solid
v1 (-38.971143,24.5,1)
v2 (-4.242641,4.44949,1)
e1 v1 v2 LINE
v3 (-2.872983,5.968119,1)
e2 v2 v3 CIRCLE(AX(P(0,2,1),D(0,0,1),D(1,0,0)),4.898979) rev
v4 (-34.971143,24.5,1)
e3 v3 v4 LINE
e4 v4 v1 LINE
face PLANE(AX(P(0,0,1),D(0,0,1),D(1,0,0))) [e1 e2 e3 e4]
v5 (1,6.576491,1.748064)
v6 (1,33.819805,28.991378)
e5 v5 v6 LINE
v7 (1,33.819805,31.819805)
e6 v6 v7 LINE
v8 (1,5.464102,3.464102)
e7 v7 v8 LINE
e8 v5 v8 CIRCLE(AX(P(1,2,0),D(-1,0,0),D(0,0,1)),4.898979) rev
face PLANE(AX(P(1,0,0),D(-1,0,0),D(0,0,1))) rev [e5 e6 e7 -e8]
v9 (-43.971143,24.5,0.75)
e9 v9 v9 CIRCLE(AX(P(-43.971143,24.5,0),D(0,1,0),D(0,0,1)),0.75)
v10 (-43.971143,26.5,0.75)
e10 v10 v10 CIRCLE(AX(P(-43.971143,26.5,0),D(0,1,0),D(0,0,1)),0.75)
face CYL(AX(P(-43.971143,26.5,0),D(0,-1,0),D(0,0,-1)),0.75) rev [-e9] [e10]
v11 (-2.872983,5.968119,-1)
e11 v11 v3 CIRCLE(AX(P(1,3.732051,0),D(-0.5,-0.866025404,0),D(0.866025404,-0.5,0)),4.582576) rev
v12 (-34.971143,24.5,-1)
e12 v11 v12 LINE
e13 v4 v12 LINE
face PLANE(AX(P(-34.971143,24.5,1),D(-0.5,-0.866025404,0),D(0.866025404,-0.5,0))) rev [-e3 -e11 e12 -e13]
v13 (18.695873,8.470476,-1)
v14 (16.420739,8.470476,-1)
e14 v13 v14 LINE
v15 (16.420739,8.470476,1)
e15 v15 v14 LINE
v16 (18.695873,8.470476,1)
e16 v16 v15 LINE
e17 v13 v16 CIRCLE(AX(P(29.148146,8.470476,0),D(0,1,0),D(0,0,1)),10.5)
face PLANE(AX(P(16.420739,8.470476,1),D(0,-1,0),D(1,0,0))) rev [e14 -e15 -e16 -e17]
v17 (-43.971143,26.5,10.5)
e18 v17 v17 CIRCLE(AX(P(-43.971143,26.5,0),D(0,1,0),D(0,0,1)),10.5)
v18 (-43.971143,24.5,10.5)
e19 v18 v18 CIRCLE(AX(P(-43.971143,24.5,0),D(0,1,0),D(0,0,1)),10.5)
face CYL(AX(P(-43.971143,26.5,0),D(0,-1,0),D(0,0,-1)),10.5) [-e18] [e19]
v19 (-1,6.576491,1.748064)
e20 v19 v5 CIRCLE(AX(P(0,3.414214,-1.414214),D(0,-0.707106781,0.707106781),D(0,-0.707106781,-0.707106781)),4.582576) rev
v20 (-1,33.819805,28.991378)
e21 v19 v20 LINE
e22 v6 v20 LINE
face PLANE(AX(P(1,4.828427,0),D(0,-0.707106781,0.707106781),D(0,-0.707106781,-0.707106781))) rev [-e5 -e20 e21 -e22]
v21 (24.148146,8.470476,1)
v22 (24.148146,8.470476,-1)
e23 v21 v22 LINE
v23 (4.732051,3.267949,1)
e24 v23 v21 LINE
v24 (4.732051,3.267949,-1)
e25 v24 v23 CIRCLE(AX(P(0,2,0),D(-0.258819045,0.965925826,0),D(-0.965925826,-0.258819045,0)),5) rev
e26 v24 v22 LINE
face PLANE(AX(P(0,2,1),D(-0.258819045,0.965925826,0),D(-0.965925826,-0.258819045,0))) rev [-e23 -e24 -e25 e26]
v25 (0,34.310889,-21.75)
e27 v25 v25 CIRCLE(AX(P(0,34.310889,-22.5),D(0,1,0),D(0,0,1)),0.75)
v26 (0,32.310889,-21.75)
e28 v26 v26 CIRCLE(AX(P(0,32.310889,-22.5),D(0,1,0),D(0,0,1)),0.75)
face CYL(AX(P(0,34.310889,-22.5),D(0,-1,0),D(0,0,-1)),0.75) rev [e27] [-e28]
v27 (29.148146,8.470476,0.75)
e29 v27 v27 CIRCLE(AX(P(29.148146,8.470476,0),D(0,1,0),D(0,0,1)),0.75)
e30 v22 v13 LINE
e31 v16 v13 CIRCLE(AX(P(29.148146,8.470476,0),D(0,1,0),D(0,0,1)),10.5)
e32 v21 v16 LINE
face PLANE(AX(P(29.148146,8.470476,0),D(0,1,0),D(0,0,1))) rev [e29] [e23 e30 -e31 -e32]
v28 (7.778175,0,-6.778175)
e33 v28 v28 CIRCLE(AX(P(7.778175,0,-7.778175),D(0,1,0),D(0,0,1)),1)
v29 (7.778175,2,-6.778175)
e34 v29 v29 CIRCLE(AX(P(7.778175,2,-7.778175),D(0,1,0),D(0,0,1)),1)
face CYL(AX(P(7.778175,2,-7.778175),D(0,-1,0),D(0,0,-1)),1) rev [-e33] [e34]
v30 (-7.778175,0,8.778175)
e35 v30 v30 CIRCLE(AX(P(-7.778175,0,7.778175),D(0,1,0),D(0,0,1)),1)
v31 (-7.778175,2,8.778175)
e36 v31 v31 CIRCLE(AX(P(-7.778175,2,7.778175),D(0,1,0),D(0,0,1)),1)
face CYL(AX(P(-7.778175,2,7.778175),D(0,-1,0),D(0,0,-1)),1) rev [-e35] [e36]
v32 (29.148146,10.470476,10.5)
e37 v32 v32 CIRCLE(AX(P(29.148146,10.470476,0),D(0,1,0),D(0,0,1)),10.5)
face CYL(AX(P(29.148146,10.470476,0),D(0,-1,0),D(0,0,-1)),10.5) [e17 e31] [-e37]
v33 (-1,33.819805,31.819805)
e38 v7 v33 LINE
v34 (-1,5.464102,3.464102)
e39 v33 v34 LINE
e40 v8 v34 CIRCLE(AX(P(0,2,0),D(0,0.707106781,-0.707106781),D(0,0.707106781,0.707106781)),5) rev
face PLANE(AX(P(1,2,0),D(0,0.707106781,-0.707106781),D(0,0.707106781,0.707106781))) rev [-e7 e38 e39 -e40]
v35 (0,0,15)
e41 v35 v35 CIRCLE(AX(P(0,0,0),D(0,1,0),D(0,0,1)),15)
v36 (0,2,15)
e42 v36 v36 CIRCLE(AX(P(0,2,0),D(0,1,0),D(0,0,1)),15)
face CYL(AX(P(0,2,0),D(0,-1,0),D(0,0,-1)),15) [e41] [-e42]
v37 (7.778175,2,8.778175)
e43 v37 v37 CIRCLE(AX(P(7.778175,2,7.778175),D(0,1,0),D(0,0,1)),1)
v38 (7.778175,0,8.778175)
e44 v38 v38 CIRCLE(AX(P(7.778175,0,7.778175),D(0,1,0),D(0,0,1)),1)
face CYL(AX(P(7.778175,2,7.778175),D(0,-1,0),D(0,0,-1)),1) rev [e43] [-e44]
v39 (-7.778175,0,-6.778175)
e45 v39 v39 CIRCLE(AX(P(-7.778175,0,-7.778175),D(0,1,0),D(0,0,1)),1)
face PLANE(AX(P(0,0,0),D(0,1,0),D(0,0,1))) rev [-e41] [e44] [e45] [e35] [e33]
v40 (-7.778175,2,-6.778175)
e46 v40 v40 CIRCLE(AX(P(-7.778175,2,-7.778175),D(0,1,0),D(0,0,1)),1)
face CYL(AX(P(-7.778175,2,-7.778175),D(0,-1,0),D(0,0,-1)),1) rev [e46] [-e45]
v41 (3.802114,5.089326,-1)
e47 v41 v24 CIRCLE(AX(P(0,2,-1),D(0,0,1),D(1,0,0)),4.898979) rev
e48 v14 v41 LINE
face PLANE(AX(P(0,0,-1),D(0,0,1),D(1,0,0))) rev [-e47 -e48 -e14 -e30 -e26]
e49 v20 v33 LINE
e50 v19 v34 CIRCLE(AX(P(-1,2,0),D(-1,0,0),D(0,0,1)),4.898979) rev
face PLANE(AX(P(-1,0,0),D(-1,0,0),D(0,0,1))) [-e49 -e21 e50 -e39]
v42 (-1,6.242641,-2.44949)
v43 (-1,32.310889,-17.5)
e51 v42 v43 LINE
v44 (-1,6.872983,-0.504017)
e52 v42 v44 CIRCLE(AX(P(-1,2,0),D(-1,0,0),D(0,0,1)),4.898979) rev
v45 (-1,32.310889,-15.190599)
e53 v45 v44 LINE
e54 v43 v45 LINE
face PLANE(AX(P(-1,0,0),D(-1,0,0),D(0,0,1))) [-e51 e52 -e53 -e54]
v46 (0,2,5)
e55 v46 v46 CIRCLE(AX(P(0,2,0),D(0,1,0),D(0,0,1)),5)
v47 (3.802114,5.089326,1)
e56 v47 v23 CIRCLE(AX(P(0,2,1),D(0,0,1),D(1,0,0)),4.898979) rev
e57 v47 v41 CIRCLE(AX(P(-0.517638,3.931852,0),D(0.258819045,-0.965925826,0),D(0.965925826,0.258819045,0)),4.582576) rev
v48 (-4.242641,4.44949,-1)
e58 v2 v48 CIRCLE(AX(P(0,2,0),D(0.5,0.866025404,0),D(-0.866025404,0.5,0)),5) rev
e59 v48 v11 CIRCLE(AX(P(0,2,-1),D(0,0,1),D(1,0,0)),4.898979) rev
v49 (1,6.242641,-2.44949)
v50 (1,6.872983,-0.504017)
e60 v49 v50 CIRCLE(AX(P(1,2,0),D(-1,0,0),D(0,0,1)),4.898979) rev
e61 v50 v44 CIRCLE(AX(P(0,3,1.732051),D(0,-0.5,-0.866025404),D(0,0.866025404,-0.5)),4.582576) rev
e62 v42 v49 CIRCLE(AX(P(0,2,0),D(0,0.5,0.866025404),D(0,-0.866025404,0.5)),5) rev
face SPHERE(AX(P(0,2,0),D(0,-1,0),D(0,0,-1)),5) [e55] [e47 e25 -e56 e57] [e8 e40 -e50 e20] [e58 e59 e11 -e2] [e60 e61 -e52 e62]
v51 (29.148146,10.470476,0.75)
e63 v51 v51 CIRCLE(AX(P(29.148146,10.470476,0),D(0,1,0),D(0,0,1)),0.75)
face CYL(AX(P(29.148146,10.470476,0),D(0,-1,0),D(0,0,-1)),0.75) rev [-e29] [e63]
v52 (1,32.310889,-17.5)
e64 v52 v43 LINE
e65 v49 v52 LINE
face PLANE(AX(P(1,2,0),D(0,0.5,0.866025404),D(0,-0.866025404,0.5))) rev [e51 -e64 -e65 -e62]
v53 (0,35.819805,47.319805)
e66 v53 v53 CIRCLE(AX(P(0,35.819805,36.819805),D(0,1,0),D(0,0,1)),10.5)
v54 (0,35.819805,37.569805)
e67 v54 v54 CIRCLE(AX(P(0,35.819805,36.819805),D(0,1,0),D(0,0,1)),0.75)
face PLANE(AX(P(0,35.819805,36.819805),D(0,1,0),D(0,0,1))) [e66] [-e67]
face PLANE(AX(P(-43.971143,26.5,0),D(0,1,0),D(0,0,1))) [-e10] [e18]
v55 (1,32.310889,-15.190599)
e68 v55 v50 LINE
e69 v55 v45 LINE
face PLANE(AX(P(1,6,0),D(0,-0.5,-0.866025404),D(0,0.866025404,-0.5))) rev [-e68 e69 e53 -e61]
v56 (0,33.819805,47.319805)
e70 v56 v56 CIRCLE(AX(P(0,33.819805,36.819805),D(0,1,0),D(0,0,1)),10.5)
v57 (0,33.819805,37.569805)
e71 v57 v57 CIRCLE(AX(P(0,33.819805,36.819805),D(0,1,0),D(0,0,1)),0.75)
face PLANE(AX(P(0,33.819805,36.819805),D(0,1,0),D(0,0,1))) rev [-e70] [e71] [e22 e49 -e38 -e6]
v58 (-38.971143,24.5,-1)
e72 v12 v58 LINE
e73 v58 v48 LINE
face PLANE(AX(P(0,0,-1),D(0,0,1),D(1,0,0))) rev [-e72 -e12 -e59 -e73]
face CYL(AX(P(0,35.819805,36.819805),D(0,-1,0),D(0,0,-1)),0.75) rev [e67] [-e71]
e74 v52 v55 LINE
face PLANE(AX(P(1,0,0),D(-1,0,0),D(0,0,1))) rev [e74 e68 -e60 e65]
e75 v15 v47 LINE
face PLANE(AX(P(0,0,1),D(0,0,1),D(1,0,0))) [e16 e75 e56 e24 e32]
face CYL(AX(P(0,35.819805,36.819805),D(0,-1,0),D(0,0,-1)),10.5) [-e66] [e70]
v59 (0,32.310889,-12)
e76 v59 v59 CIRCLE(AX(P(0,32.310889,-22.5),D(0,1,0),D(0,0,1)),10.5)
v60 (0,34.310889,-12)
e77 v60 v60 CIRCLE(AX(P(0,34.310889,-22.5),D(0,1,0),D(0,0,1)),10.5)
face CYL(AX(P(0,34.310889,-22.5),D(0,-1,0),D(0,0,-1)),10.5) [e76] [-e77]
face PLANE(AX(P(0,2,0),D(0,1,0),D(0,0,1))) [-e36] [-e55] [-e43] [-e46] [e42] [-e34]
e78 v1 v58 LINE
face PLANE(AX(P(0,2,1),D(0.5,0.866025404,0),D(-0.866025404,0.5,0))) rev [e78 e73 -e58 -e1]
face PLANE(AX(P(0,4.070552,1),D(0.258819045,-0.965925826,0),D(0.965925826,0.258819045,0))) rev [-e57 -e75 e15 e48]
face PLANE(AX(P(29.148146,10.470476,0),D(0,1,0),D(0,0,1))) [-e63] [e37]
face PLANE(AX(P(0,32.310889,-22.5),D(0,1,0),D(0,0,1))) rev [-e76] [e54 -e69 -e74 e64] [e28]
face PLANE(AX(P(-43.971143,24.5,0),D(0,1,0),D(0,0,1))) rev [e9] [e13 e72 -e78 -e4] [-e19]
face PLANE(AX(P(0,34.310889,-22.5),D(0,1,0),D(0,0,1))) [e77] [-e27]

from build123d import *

# Parameters (mm, degrees)
SKETCH_1_R      = 15
SKETCH_1_R_2    = 1
EXTRUDE_1_DEPTH = 2
EXTRUDE_2_DEPTH = 1
SKETCH_4_R      = 10.5
SKETCH_4_R_2    = 0.75
EXTRUDE_3_DEPTH = 2
SKETCH_5_R      = 10.5
SKETCH_5_R_2    = 0.75
EXTRUDE_4_DEPTH = 2
EXTRUDE_5_DEPTH = 1
SKETCH_7_R      = 10.5
SKETCH_7_R_2    = 0.75
EXTRUDE_6_DEPTH = 2
SKETCH_8_R      = 10.5
SKETCH_8_R_2    = 0.75
EXTRUDE_7_DEPTH = 2


with BuildPart() as part:
    # 草图1 → 凸台-拉伸1 (new body)
    with BuildSketch(Plane(origin=(0, 0, 0), x_dir=(1, 0, 0), z_dir=(0, 1, 0))):
        with Locations(Location((0, 0, 0), (0, 0, 270))):
            Circle(SKETCH_1_R)
        with Locations(Location((7.778174593, 7.778174593, 0), (0, 0, 270))):
            Circle(SKETCH_1_R_2, mode=Mode.SUBTRACT)
        with Locations(Location((-7.778174593, 7.778174593, 0), (0, 0, 270))):
            Circle(SKETCH_1_R_2, mode=Mode.SUBTRACT)
        with Locations(Location((-7.778174593, -7.778174593, 0), (0, 0, 270))):
            Circle(SKETCH_1_R_2, mode=Mode.SUBTRACT)
        with Locations(Location((7.778174593, -7.778174593, 0), (0, 0, 270))):
            Circle(SKETCH_1_R_2, mode=Mode.SUBTRACT)
    extrude(amount=EXTRUDE_1_DEPTH)

    # 草图2 → 旋转1 (revolve)
    with BuildSketch(Plane(origin=(0, 0, 0), x_dir=(0, 0, -1), z_dir=(1, 0, 0))):
        with BuildLine():
            Line((0, 2), (0, 7))
            ThreePointArc((0, 7), (3.535533906, 5.535533906), (5, 2))
            Line((5, 2), (0, 2))
        make_face()
    revolve(axis=Axis((0, 2, 0), (0, 1, 0)))

    # 草图3 → 凸台-拉伸2 (add, symmetric)
    with BuildSketch(Plane.XY):
        Polygon((0, 2), (24.148145657, 8.470476128), (16.420739047, 8.470476128), (0, 4.070552361), (0, 4.309401077), (-34.97114317, 24.5), (-38.97114317, 24.5), align=None)
    extrude(amount=EXTRUDE_2_DEPTH, both=True)

    # 草图4 → 凸台-拉伸3 (add)
    with BuildSketch(Plane(origin=(0, 8.470476128, 0), x_dir=(1, 0, 0), z_dir=(0, 1, 0))):
        with Locations(Location((29.148145657, 0, 0), (0, 0, 174.5349762))):
            Circle(SKETCH_4_R)
        with Locations(Location((29.148145657, 0, 0), (0, 0, 270))):
            Circle(SKETCH_4_R_2, mode=Mode.SUBTRACT)
    extrude(amount=EXTRUDE_3_DEPTH)

    # 草图5 → 凸台-拉伸4 (add)
    with BuildSketch(Plane(origin=(0, 24.5, 0), x_dir=(1, 0, 0), z_dir=(0, 1, 0))):
        with Locations(Location((-43.97114317, 0, 0), (0, 0, 270))):
            Circle(SKETCH_5_R)
        with Locations(Location((-43.97114317, 0, 0), (0, 0, 270))):
            Circle(SKETCH_5_R_2, mode=Mode.SUBTRACT)
    extrude(amount=EXTRUDE_4_DEPTH)

    # 草图6 → 凸台-拉伸5 (add, symmetric)
    with BuildSketch(Plane(origin=(0, 0, 0), x_dir=(0, 0, -1), z_dir=(1, 0, 0))):
        Polygon((0, 2), (17.5, 32.310889132), (15.190598923, 32.310889132), (0, 6), (0, 4.828427125), (-28.991378029, 33.819805153), (-31.819805153, 33.819805153), align=None)
    extrude(amount=EXTRUDE_5_DEPTH, both=True)

    # 草图7 → 凸台-拉伸6 (add)
    with BuildSketch(Plane(origin=(0, 32.310889132, 0), x_dir=(1, 0, 0), z_dir=(0, 1, 0))):
        with Locations(Location((0, 22.5, 0), (0, 0, 270))):
            Circle(SKETCH_7_R)
        with Locations(Location((0, 22.5, 0), (0, 0, 270))):
            Circle(SKETCH_7_R_2, mode=Mode.SUBTRACT)
    extrude(amount=EXTRUDE_6_DEPTH)

    # 草图8 → 凸台-拉伸7 (add)
    with BuildSketch(Plane(origin=(0, 33.819805153, 0), x_dir=(1, 0, 0), z_dir=(0, 1, 0))):
        with Locations(Location((0, -36.819805153, 0), (0, 0, 270))):
            Circle(SKETCH_8_R)
        with Locations(Location((0, -36.819805153, 0), (0, 0, 270))):
            Circle(SKETCH_8_R_2, mode=Mode.SUBTRACT)
    extrude(amount=EXTRUDE_7_DEPTH)


solid = part.part
